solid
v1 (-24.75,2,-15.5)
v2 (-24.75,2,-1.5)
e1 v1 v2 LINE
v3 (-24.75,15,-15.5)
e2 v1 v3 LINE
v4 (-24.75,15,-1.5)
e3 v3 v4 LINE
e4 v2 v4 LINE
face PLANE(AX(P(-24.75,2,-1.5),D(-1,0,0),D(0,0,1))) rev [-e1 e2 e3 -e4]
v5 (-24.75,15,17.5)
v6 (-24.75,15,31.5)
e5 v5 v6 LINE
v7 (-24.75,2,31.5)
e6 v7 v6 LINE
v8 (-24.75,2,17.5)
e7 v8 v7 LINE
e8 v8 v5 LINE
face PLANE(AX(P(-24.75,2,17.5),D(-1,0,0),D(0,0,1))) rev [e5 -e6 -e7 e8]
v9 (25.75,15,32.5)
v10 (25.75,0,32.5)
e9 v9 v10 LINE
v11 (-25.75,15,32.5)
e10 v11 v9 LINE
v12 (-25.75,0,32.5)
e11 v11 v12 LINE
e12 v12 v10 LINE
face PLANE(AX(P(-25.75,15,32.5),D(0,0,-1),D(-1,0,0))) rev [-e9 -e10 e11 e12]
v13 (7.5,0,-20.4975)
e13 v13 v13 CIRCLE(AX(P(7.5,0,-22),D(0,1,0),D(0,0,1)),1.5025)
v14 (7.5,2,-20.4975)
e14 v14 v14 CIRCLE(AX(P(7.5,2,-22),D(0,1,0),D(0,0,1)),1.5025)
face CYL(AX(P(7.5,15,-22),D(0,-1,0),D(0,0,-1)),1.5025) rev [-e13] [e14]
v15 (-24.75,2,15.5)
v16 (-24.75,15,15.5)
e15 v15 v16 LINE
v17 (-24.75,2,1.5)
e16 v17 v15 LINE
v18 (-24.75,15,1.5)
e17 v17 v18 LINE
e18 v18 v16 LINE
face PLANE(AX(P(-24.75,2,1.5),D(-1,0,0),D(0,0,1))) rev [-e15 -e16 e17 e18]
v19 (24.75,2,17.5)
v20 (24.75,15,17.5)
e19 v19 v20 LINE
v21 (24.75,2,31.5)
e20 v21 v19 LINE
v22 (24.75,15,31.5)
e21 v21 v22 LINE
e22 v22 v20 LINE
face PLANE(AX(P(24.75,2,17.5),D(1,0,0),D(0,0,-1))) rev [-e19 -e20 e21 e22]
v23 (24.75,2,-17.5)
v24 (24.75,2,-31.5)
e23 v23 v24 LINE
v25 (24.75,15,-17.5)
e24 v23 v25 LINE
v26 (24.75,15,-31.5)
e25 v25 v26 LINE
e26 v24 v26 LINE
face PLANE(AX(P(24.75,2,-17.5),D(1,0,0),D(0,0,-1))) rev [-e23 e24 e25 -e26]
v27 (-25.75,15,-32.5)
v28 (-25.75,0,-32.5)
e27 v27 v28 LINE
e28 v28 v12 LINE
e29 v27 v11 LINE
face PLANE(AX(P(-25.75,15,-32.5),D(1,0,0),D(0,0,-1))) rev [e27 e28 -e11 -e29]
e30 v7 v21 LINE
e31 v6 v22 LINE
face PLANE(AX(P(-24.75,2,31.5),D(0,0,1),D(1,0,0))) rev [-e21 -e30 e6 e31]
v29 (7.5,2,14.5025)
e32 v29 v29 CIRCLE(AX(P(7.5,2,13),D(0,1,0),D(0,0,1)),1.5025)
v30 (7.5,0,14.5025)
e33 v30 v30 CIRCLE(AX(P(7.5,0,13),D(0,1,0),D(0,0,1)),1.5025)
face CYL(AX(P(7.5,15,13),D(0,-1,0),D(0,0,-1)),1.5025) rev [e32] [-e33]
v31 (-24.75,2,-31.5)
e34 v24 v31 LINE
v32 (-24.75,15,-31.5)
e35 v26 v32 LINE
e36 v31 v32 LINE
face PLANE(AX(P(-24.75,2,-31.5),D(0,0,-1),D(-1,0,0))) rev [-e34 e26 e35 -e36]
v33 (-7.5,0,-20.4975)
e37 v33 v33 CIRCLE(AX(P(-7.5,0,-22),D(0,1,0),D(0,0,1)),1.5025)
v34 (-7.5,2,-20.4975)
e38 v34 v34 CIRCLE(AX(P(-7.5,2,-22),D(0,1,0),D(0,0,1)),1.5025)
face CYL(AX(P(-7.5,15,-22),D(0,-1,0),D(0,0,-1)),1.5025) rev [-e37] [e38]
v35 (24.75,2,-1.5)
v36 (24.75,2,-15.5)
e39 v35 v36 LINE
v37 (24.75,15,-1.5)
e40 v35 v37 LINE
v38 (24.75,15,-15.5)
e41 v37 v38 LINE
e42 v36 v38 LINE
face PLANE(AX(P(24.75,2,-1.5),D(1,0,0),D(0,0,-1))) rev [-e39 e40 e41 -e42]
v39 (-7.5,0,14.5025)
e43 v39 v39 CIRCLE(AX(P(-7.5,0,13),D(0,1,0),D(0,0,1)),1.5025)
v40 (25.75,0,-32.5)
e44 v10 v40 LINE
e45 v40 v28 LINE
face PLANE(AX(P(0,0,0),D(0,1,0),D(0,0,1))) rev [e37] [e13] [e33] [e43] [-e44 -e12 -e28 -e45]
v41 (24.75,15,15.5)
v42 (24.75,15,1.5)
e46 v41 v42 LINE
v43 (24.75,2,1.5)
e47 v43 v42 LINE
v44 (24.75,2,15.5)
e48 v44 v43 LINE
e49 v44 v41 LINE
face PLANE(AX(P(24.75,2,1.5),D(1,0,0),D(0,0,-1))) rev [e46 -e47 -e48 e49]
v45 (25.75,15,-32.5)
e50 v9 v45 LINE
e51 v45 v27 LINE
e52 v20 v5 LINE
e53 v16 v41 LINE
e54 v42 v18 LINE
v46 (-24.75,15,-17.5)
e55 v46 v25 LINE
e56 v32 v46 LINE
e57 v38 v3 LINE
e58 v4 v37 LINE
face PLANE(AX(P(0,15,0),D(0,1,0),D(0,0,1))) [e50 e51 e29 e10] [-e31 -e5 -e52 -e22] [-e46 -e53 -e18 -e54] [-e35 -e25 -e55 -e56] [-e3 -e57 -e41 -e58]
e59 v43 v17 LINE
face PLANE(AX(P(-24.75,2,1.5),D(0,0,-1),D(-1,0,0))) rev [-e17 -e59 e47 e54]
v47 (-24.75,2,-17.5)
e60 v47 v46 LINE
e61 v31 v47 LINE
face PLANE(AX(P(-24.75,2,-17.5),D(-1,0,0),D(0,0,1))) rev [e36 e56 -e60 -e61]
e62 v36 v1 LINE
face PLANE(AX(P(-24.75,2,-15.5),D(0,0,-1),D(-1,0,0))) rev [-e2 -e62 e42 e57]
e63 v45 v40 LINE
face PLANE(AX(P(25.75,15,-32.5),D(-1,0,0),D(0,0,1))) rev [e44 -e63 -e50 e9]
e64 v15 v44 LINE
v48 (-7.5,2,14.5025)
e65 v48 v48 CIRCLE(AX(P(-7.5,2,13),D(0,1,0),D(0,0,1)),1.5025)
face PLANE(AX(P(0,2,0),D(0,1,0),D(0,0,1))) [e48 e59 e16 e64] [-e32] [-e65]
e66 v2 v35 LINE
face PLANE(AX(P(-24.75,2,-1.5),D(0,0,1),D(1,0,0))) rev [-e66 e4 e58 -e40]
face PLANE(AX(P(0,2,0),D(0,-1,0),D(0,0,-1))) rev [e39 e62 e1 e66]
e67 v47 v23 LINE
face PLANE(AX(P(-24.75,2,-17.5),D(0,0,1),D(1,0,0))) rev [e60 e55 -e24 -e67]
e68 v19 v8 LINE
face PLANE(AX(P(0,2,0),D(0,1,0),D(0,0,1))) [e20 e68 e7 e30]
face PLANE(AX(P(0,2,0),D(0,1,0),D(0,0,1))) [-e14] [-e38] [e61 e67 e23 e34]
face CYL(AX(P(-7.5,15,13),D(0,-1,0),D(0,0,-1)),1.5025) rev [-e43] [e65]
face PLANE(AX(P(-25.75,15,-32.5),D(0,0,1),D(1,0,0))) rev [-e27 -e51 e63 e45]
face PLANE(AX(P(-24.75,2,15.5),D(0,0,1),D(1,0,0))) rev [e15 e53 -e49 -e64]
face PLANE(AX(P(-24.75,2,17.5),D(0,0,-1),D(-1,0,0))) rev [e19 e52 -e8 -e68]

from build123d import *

# Parameters (mm, degrees)
SKETCH1_W           = 51.5
SKETCH1_H           = 65
SKETCH1_R           = 1.5025
BOSS_EXTRUDE1_DEPTH = 15
SKETCH2_W           = 49.5
SKETCH2_H           = 14
CUT_EXTRUDE1_DEPTH  = 13


with BuildPart() as part:
    # Sketch1 → Boss-Extrude1 (new body)
    with BuildSketch(Plane(origin=(0, 0, 0), x_dir=(1, 0, 0), z_dir=(0, 1, 0))):
        Rectangle(SKETCH1_W, SKETCH1_H)
        with Locations((-7.5, -13)):
            Circle(SKETCH1_R, mode=Mode.SUBTRACT)
        with Locations((7.5, -13)):
            Circle(SKETCH1_R, mode=Mode.SUBTRACT)
        with Locations((7.5, 22)):
            Circle(SKETCH1_R, mode=Mode.SUBTRACT)
        with Locations((-7.5, 22)):
            Circle(SKETCH1_R, mode=Mode.SUBTRACT)
    extrude(amount=BOSS_EXTRUDE1_DEPTH)

    # Sketch2 → Cut-Extrude1 (cut)
    with BuildSketch(Plane(origin=(0, 15, 0), x_dir=(1, 0, 0), z_dir=(0, 1, 0))):
        with Locations((0, -8.5)):
            Rectangle(SKETCH2_W, SKETCH2_H)
        with Locations((0, -24.5)):
            Rectangle(SKETCH2_W, SKETCH2_H)
        with Locations((0, 24.5)):
            Rectangle(SKETCH2_W, SKETCH2_H)
        with Locations((0, 8.5)):
            Rectangle(SKETCH2_W, SKETCH2_H)
    extrude(amount=-CUT_EXTRUDE1_DEPTH, mode=Mode.SUBTRACT)


solid = part.part
